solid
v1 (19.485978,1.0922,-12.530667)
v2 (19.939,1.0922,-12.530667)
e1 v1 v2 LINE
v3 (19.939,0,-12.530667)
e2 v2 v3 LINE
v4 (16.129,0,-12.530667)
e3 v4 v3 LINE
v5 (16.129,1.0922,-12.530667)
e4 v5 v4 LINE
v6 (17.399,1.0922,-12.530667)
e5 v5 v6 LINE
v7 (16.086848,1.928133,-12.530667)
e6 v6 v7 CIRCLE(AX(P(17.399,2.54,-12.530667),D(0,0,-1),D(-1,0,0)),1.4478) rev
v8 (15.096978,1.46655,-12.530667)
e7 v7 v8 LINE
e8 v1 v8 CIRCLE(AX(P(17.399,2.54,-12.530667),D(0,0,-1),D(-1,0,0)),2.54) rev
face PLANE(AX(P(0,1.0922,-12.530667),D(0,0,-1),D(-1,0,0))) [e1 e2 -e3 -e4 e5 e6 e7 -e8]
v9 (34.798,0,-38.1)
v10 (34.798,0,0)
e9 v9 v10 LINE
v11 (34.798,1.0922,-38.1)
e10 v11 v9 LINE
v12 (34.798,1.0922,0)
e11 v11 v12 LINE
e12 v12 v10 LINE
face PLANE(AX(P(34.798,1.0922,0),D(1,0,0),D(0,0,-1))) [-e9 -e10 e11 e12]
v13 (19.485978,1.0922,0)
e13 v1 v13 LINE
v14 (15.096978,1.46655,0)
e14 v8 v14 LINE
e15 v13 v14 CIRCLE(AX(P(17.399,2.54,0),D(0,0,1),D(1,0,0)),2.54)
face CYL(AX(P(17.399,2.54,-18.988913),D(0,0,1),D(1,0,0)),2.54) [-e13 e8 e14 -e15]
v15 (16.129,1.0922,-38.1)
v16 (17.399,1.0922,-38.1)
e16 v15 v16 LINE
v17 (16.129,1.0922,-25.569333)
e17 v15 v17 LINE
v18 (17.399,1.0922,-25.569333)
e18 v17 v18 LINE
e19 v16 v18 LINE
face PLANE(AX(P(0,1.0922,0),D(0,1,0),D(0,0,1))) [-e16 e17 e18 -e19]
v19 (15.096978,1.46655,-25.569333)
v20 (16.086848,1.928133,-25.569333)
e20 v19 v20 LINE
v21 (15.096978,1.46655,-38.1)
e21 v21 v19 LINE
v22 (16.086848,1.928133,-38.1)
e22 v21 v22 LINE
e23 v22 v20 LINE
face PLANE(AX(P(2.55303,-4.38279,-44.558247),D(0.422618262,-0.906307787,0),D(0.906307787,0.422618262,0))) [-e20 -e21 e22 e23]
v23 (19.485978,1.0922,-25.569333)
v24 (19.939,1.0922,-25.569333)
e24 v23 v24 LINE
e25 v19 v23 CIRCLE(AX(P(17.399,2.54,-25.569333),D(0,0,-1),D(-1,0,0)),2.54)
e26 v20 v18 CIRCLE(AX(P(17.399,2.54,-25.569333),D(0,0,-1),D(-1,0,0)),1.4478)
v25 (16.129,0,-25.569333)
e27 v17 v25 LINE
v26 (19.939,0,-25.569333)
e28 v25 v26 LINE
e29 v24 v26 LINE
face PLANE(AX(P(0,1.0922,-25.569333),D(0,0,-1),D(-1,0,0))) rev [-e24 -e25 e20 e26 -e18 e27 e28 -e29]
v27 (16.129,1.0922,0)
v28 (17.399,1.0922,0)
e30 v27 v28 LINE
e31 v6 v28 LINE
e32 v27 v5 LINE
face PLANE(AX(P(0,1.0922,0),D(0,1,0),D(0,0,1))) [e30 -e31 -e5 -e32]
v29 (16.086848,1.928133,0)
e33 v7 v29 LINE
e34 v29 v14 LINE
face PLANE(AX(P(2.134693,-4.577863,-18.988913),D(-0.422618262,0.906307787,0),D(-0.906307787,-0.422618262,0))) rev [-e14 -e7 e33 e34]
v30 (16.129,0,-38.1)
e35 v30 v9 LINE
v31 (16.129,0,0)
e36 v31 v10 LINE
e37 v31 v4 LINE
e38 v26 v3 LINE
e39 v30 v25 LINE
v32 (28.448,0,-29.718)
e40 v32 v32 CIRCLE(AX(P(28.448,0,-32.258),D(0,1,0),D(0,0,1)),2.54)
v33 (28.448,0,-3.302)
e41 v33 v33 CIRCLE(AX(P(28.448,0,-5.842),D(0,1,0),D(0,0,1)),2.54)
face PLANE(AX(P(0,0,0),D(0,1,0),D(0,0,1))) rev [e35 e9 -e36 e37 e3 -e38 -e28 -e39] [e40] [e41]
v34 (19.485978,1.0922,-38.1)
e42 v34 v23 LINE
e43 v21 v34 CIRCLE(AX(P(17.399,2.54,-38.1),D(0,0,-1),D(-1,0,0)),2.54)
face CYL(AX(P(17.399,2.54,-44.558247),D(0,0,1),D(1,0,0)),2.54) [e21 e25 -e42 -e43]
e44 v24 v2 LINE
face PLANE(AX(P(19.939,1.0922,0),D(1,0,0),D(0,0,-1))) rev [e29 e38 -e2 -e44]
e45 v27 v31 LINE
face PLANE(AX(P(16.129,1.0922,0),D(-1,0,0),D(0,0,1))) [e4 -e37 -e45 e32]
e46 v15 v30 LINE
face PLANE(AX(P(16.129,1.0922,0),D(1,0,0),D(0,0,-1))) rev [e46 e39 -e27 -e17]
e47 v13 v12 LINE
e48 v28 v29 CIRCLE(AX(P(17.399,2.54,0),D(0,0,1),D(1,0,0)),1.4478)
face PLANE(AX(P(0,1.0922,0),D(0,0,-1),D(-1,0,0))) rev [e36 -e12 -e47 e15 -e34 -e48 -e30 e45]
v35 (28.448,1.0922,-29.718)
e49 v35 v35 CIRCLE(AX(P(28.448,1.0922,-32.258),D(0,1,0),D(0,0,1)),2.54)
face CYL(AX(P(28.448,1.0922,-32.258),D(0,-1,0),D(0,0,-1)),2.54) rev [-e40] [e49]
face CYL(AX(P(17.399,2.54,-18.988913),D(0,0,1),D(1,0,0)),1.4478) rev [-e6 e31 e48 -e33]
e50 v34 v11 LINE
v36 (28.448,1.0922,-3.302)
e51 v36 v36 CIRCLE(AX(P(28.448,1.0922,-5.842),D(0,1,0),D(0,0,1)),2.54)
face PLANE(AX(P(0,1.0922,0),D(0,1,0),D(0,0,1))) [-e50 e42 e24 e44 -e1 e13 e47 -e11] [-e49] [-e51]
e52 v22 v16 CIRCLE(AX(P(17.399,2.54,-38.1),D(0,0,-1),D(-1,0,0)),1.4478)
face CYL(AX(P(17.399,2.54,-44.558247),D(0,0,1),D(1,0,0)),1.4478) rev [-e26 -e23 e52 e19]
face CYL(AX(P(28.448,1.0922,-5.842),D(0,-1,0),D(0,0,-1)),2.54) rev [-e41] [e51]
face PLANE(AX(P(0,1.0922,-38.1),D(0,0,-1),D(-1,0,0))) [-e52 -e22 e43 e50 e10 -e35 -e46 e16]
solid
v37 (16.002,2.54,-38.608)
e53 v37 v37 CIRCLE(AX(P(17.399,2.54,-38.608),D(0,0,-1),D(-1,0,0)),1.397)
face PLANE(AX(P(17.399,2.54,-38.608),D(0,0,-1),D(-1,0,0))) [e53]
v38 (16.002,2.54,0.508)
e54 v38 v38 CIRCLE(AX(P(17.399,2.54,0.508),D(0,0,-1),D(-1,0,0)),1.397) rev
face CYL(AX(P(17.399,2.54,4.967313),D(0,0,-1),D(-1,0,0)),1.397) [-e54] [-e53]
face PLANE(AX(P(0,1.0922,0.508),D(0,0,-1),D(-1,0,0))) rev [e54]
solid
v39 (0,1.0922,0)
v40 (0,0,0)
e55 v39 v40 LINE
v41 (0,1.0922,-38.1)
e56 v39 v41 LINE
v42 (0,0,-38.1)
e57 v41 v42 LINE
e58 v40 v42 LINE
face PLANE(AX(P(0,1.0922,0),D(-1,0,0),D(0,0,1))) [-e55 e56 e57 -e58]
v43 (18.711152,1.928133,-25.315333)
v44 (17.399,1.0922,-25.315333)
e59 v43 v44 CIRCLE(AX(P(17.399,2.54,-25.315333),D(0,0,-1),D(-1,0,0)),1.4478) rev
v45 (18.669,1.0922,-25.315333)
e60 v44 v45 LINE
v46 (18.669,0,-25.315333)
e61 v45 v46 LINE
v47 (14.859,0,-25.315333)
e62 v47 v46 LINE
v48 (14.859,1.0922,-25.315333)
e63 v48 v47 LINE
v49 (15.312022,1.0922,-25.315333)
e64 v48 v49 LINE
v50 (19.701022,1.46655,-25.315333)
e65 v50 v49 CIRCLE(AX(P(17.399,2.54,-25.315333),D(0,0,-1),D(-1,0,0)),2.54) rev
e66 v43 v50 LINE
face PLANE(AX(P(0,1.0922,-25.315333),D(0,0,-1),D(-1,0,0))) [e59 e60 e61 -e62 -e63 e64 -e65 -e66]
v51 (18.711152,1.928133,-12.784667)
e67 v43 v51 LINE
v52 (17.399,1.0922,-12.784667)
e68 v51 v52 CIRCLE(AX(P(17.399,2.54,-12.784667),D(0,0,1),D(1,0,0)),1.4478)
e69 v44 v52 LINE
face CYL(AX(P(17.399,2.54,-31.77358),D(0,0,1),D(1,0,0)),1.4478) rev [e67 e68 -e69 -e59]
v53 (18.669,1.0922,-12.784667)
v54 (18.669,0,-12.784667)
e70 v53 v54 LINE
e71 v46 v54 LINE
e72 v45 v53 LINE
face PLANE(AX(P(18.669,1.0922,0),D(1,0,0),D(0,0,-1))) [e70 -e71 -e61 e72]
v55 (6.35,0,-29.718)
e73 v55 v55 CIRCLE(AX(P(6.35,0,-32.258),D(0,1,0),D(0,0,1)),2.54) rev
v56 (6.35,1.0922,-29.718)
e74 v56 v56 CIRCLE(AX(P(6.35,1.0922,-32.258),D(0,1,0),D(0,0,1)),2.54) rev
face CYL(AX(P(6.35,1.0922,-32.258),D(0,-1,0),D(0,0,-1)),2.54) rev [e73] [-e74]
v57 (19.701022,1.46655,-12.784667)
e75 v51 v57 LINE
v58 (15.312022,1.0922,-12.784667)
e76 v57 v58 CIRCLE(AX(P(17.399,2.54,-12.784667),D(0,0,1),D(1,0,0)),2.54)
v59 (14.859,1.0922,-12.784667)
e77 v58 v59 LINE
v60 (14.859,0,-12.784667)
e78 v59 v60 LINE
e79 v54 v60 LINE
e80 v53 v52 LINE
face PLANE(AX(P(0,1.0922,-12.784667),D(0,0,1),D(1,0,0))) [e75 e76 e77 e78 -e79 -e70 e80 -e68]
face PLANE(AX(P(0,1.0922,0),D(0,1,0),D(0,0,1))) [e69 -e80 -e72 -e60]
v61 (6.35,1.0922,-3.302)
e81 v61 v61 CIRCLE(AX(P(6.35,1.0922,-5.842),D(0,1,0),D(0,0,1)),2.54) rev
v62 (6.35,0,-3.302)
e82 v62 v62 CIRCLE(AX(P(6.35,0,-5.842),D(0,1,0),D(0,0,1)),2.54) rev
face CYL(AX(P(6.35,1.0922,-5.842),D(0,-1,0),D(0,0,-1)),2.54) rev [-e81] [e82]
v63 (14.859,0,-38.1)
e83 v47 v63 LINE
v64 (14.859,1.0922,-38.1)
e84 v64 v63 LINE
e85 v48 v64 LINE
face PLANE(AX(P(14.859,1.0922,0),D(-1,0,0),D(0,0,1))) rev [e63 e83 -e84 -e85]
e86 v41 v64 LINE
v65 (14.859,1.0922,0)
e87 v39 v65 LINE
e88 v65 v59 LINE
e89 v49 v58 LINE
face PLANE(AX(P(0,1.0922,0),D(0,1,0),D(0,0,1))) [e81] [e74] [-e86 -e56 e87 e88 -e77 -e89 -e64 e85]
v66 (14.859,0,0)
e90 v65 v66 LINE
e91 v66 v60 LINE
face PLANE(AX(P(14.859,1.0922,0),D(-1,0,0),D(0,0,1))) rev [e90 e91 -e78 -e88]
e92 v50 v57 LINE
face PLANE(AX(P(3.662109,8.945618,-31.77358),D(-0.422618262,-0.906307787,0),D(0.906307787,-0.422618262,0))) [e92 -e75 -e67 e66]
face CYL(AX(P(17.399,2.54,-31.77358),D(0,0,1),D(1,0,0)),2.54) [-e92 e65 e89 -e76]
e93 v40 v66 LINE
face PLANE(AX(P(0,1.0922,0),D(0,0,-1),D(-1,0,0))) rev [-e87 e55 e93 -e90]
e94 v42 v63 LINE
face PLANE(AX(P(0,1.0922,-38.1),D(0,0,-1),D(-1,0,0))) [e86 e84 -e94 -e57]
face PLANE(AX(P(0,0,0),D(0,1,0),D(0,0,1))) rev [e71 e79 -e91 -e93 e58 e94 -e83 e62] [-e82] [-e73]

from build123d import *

# Parameters (mm, degrees)
SKETCH1_W           = 14.859
SKETCH1_H           = 38.1
SKETCH1_R           = 2.54
SKETCH1_W_2         = 3.81
SKETCH1_H_2         = 12.530666666
SKETCH1_H_3         = 12.530666667
BOSS_EXTRUDE1_DEPTH = 1.0922
BOSS_EXTRUDE3_DEPTH = 12.530666667
BOSS_EXTRUDE4_START = -25.569333
BOSS_EXTRUDE4_DEPTH = 12.530666667
BOSS_EXTRUDE5_START = -12.784667
BOSS_EXTRUDE5_DEPTH = 12.530666667
BOSS_EXTRUDE6_START = -38.608
SKETCH3_R           = 1.397
BOSS_EXTRUDE6_DEPTH = 39.116


with BuildPart() as part:
    # Sketch1 → Boss-Extrude1 (new body)
    # profile 1 of 5: a face of its own
    with BuildSketch(Plane(origin=(0, 0, 0), x_dir=(1, 0, 0), z_dir=(0, 1, 0))):
        with Locations((7.4295, 19.05)):
            Rectangle(SKETCH1_W, SKETCH1_H)
        with Locations(Location((6.35, 5.842, 0), (0, 0, 270))):
            Circle(SKETCH1_R, mode=Mode.SUBTRACT)
        with Locations(Location((6.35, 32.258, 0), (0, 0, 270))):
            Circle(SKETCH1_R, mode=Mode.SUBTRACT)
    # profile 2 of 5: a face of its own
    with BuildSketch(Plane(origin=(0, 0, 0), x_dir=(1, 0, 0), z_dir=(0, 1, 0))):
        with Locations((27.3685, 19.05)):
            Rectangle(SKETCH1_W, SKETCH1_H)
        with Locations(Location((28.448, 5.842, 0), (0, 0, 270))):
            Circle(SKETCH1_R, mode=Mode.SUBTRACT)
        with Locations(Location((28.448, 32.258, 0), (0, 0, 270))):
            Circle(SKETCH1_R, mode=Mode.SUBTRACT)
    # profile 3 of 5: a face of its own
    with BuildSketch(Plane(origin=(0, 0, 0), x_dir=(1, 0, 0), z_dir=(0, 1, 0))):
        with Locations((16.764, 19.05)):
            Rectangle(SKETCH1_W_2, SKETCH1_H_2)
    # profile 4 of 5: a face of its own
    with BuildSketch(Plane(origin=(0, 0, 0), x_dir=(1, 0, 0), z_dir=(0, 1, 0))):
        with Locations((18.034, 31.834666667)):
            Rectangle(SKETCH1_W_2, SKETCH1_H_3)
    # profile 5 of 5: a face of its own
    with BuildSketch(Plane(origin=(0, 0, 0), x_dir=(1, 0, 0), z_dir=(0, 1, 0))):
        with Locations((18.034, 6.265333334)):
            Rectangle(SKETCH1_W_2, SKETCH1_H_3)
    extrude(amount=BOSS_EXTRUDE1_DEPTH)

    # Sketch2 → Boss-Extrude3 (add)
    with BuildSketch(Plane.XY):
        with BuildLine():
            ThreePointArc((18.711152414, 1.928133281), (18.176902373, 1.318937865), (17.399, 1.0922))
            Line((17.399, 1.0922), (19.485977518, 1.0922))
            ThreePointArc((19.485977518, 1.0922), (19.601467506, 1.27479769), (19.701021779, 1.466549615))
            Line((19.701021779, 1.466549615), (18.711152414, 1.928133281))
        make_face()
        with BuildLine():
            Line((15.096978221, 1.466549615), (16.086847586, 1.928133281))
            ThreePointArc((16.086847586, 1.928133281), (17.085638727, 3.953481359), (18.8468, 2.54))
            ThreePointArc((18.8468, 2.54), (18.812481359, 2.226638727), (18.711152414, 1.928133281))
            Line((18.711152414, 1.928133281), (19.701021779, 1.466549615))
            ThreePointArc((19.701021779, 1.466549615), (19.878791858, 1.990243381), (19.939, 2.54))
            ThreePointArc((19.939, 2.54), (16.849243381, 5.019791858), (15.096978221, 1.466549615))
        make_face()
    extrude(amount=-BOSS_EXTRUDE3_DEPTH)

    # Sketch2<4> → Boss-Extrude4 (add)
    with BuildSketch(Plane.XY.offset(BOSS_EXTRUDE4_START)):
        with BuildLine():
            ThreePointArc((18.711152414, 1.928133281), (18.176902373, 1.318937865), (17.399, 1.0922))
            Line((17.399, 1.0922), (19.485977518, 1.0922))
            ThreePointArc((19.485977518, 1.0922), (19.601467506, 1.27479769), (19.701021779, 1.466549615))
            Line((19.701021779, 1.466549615), (18.711152414, 1.928133281))
        make_face()
        with BuildLine():
            Line((15.096978221, 1.466549615), (16.086847586, 1.928133281))
            ThreePointArc((16.086847586, 1.928133281), (17.085638727, 3.953481359), (18.8468, 2.54))
            ThreePointArc((18.8468, 2.54), (18.812481359, 2.226638727), (18.711152414, 1.928133281))
            Line((18.711152414, 1.928133281), (19.701021779, 1.466549615))
            ThreePointArc((19.701021779, 1.466549615), (19.878791858, 1.990243381), (19.939, 2.54))
            ThreePointArc((19.939, 2.54), (16.849243381, 5.019791858), (15.096978221, 1.466549615))
        make_face()
    extrude(amount=-BOSS_EXTRUDE4_DEPTH)

    # Sketch2<5> → Boss-Extrude5 (add)
    with BuildSketch(Plane.XY.offset(BOSS_EXTRUDE5_START)):
        with BuildLine():
            Line((16.129, 1.0922), (17.399, 1.0922))
            ThreePointArc((17.399, 1.0922), (16.621097627, 1.318937865), (16.086847586, 1.928133281))
            Line((16.086847586, 1.928133281), (15.096978221, 1.466549615))
            ThreePointArc((15.096978221, 1.466549615), (15.196532494, 1.27479769), (15.312022482, 1.0922))
            Line((15.312022482, 1.0922), (16.129, 1.0922))
        make_face()
        with BuildLine():
            Line((15.096978221, 1.466549615), (16.086847586, 1.928133281))
            ThreePointArc((16.086847586, 1.928133281), (17.085638727, 3.953481359), (18.8468, 2.54))
            ThreePointArc((18.8468, 2.54), (18.812481359, 2.226638727), (18.711152414, 1.928133281))
            Line((18.711152414, 1.928133281), (19.701021779, 1.466549615))
            ThreePointArc((19.701021779, 1.466549615), (19.878791858, 1.990243381), (19.939, 2.54))
            ThreePointArc((19.939, 2.54), (16.849243381, 5.019791858), (15.096978221, 1.466549615))
        make_face()
    extrude(amount=-BOSS_EXTRUDE5_DEPTH)


with BuildPart() as body_2:
    # Sketch3 → Boss-Extrude6 (new body)
    with BuildSketch(Plane(origin=(0, 0, -38.1), x_dir=(-1, 0, 0), z_dir=(0, 0, -1)).offset(BOSS_EXTRUDE6_START)):
        with Locations((-17.399, 2.54)):
            Circle(SKETCH3_R)
    extrude(amount=BOSS_EXTRUDE6_DEPTH)


solid = Compound([part.part, body_2.part])
